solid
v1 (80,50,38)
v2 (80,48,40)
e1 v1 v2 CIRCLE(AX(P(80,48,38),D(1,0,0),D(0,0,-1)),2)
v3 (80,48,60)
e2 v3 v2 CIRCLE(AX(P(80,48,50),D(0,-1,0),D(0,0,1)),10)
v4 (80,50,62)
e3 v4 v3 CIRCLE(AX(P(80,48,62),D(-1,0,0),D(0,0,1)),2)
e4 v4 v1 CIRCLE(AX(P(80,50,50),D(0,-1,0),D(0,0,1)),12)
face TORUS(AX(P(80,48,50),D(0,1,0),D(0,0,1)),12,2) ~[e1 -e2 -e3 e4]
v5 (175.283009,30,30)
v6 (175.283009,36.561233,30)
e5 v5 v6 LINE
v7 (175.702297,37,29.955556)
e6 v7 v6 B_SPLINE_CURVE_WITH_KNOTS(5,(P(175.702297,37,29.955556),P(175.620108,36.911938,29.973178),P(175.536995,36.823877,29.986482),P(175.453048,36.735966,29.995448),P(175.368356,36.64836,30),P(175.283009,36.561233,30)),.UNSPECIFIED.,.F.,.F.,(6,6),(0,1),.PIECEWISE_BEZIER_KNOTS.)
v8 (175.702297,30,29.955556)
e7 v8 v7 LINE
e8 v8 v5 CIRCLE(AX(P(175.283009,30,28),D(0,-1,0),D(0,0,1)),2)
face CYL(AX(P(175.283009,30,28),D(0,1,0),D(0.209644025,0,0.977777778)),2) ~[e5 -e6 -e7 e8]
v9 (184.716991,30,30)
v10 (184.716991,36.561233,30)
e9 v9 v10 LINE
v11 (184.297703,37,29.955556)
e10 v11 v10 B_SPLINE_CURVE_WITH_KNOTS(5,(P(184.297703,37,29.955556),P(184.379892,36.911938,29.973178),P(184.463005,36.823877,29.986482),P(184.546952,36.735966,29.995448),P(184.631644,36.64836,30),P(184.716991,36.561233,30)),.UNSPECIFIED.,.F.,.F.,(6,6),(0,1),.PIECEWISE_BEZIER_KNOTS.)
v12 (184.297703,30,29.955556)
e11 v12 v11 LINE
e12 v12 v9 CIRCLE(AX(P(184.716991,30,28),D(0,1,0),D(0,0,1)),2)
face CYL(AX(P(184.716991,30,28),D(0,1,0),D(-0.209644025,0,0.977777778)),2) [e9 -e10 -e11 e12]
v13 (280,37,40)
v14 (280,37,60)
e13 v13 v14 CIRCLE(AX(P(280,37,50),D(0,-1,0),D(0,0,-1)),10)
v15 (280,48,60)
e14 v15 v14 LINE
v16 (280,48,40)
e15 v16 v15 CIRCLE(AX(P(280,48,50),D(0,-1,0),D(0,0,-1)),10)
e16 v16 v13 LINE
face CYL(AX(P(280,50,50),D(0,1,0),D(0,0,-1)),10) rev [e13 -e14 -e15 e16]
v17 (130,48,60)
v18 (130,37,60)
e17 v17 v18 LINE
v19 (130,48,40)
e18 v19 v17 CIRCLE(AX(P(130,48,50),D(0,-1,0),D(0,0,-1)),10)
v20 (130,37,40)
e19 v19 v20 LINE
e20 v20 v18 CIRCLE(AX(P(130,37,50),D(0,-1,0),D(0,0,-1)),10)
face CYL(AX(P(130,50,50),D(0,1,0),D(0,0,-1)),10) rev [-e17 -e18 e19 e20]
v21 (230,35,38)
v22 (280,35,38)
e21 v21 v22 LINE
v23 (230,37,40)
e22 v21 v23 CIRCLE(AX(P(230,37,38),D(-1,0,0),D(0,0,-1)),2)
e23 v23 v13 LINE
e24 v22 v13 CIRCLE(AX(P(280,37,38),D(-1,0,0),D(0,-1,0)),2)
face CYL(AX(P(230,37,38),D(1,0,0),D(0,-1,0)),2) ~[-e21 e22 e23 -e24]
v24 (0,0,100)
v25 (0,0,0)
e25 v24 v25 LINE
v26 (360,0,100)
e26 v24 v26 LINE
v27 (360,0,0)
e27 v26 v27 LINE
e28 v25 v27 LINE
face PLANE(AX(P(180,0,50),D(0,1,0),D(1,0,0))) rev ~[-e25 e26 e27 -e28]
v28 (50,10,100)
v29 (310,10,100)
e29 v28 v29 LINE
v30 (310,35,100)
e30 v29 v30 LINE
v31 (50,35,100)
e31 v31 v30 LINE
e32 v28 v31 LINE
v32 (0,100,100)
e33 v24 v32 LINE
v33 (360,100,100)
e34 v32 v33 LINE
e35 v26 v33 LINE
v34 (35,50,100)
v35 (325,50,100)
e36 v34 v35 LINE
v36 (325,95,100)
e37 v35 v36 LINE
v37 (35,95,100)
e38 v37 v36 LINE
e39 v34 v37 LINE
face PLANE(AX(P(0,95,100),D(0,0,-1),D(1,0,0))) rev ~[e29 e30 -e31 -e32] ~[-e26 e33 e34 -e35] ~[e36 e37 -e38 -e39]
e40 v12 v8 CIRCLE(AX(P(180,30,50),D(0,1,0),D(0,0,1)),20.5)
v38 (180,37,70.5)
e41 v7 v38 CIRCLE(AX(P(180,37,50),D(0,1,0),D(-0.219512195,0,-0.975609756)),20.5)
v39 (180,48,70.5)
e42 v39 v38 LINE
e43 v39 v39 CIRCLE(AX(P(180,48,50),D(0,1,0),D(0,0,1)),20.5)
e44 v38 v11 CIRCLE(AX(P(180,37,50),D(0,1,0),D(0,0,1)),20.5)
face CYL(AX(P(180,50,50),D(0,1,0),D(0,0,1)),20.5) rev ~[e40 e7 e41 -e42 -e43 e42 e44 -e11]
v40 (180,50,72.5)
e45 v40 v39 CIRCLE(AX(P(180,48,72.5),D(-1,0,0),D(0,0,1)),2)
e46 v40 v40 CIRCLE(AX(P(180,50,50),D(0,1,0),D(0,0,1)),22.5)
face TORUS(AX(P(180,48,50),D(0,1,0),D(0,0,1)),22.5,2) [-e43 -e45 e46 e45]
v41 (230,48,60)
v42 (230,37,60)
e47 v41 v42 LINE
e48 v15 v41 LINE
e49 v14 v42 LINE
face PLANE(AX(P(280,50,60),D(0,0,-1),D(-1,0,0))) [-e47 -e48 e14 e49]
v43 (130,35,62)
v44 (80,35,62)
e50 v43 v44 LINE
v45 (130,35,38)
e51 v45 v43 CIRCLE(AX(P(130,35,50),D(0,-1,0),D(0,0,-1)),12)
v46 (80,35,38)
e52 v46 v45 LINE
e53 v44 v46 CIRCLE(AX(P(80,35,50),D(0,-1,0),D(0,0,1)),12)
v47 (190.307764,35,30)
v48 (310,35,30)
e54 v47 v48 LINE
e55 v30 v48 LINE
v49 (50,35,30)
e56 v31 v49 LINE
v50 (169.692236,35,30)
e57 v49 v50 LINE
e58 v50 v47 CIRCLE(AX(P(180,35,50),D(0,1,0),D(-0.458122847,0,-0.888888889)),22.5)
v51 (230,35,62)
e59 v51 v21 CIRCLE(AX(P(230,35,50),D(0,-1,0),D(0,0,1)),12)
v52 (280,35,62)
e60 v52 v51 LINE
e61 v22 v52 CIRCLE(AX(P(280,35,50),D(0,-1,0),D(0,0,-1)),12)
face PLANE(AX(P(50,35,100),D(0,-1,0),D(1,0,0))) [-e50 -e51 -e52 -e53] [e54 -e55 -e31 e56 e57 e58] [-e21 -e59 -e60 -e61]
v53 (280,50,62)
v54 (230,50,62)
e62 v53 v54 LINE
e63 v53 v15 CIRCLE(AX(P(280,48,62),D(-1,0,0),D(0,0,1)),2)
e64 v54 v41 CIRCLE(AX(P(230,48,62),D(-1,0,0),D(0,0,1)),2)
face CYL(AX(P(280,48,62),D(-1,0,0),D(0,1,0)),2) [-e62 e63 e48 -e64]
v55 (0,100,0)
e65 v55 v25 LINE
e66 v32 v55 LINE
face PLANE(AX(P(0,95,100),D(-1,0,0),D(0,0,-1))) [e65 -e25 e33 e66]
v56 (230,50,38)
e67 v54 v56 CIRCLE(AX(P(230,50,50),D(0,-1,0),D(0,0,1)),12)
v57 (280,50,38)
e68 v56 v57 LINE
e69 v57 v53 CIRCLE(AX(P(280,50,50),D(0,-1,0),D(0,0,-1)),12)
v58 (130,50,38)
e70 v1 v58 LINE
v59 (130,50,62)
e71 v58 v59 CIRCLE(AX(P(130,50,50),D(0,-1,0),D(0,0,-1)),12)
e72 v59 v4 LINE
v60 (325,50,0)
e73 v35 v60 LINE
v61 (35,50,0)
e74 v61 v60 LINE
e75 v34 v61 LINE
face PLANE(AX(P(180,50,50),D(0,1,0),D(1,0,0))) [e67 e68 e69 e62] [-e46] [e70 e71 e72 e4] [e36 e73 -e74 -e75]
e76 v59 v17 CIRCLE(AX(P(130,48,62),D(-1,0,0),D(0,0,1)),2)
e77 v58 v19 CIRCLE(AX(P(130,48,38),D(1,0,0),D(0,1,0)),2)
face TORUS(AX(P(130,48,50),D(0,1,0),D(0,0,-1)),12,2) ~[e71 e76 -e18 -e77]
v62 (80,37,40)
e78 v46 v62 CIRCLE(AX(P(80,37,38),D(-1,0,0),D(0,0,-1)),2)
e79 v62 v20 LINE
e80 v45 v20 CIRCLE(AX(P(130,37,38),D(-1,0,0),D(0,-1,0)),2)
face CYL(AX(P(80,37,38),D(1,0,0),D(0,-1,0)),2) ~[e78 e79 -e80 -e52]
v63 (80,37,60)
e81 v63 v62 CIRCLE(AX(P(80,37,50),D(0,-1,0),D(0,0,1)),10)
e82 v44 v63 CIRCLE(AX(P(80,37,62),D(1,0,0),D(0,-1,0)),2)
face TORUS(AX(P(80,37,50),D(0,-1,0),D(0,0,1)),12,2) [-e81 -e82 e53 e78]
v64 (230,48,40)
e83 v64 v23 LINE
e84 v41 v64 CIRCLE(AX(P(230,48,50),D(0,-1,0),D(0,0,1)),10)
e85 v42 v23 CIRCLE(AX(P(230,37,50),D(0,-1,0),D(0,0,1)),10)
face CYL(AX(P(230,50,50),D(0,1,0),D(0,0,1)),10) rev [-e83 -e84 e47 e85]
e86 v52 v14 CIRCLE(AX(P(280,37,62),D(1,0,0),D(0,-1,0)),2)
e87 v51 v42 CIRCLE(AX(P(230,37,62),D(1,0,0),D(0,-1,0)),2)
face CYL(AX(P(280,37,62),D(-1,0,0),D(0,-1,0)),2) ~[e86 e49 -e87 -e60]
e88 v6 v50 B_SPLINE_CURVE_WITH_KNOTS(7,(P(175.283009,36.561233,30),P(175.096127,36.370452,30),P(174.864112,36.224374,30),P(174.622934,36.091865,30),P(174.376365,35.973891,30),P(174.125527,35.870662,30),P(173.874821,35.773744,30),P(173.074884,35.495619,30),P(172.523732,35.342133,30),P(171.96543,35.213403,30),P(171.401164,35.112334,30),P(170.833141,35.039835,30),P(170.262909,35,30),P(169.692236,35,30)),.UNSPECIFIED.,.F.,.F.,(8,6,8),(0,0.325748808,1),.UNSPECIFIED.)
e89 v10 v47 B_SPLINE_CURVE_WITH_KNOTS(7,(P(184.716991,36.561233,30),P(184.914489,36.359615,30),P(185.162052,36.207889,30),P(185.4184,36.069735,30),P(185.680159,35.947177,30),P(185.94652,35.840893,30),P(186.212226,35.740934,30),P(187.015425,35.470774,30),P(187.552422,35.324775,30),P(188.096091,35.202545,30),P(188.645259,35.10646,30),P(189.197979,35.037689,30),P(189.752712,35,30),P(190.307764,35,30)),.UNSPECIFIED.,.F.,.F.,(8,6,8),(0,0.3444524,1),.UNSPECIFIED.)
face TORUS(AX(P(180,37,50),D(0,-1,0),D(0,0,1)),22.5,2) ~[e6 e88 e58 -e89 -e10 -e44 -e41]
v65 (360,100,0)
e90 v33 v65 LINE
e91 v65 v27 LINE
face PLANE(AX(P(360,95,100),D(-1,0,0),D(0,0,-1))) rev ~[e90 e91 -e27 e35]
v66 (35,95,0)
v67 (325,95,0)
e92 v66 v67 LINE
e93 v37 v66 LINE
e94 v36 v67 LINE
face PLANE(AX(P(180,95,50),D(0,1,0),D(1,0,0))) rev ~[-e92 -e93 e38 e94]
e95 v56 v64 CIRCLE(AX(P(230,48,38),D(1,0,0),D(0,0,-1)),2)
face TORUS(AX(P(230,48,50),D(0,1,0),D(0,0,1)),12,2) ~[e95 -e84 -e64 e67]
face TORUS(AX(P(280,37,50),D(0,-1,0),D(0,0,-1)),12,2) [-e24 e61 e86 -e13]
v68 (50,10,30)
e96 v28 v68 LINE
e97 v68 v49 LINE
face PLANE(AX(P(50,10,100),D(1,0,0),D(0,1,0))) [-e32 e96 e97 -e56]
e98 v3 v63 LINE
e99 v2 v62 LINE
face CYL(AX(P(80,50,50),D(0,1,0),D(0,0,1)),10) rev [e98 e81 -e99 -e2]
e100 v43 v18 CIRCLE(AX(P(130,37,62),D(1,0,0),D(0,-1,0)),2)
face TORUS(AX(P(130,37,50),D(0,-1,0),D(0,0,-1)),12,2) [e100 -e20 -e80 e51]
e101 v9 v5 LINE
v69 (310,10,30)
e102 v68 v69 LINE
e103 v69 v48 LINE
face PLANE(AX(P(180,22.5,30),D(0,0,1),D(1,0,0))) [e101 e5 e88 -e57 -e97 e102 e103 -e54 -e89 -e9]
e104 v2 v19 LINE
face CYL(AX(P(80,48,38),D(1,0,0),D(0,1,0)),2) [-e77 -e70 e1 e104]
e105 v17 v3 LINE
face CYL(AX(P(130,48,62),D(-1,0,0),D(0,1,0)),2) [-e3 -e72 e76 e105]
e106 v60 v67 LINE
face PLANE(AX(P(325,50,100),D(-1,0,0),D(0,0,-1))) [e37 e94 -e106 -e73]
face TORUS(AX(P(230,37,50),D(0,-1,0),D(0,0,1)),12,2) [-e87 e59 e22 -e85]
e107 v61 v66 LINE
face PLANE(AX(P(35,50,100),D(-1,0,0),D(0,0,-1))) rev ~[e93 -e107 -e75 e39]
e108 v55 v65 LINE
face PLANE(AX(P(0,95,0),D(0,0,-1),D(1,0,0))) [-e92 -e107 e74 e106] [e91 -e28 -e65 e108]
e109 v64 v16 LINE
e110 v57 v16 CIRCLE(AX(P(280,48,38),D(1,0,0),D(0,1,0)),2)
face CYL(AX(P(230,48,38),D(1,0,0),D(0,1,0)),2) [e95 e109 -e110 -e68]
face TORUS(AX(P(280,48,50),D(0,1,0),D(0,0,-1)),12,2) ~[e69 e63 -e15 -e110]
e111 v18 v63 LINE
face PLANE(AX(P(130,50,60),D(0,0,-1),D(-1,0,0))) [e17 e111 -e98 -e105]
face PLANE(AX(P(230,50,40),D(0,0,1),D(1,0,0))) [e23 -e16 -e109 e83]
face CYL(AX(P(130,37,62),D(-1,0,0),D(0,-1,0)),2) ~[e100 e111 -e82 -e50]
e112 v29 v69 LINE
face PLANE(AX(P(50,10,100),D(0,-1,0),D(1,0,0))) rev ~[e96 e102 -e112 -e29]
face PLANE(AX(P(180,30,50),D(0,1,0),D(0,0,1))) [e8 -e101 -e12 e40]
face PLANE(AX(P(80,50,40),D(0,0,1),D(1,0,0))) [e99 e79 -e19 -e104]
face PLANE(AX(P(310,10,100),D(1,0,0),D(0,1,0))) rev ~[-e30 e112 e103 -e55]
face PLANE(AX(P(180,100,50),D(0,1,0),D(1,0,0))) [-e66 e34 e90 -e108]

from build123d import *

# Parameters (mm, degrees)
SKETCH_1_W          = 360
SKETCH_1_H          = 100
EXTRUDE_1_DEPTH     = 50
CUT_EXTRUDE_1_DEPTH = 40
SKETCH_3_W          = 260
SKETCH_3_H          = 25
CUT_EXTRUDE_2_DEPTH = 70
SKETCH_4_R          = 20.5
CUT_EXTRUDE_3_DEPTH = 20
FILLET_4_R          = 2
SKETCH_6_W          = 35
SKETCH_6_H          = 100
EXTRUDE_2_DEPTH     = 45
SKETCH_7_W          = 360
SKETCH_7_H          = 100
EXTRUDE_3_DEPTH     = 5


with BuildPart() as part:
    # 草图1 → 凸台-拉伸1 (new body)
    with BuildSketch(Plane(origin=(0, 0, 0), x_dir=(1, 0, 0), z_dir=(0, 1, 0))):
        with Locations((180, -50)):
            Rectangle(SKETCH_1_W, SKETCH_1_H)
    extrude(amount=EXTRUDE_1_DEPTH)

    # 草图2 → 切除-拉伸1 (cut)
    with BuildSketch(Plane(origin=(0, 50, 0), x_dir=(1, 0, 0), z_dir=(0, 1, 0))):
        with BuildLine():
            Line((80, -40), (130, -40))
            ThreePointArc((130, -40), (140, -50), (130, -60))
            Line((130, -60), (80, -60))
            ThreePointArc((80, -60), (70, -50), (80, -40))
        make_face()
        with BuildLine():
            Line((230, -40), (280, -40))
            ThreePointArc((280, -40), (290, -50), (280, -60))
            Line((280, -60), (230, -60))
            ThreePointArc((230, -60), (220, -50), (230, -40))
        make_face()
    extrude(amount=-CUT_EXTRUDE_1_DEPTH, mode=Mode.SUBTRACT)

    # 草图3 → 切除-拉伸2 (cut)
    with BuildSketch(Plane.XY.offset(100)):
        with Locations((180, 22.5)):
            Rectangle(SKETCH_3_W, SKETCH_3_H)
    extrude(amount=-CUT_EXTRUDE_2_DEPTH, mode=Mode.SUBTRACT)

    # 草图4 → 切除-拉伸3 (cut)
    with BuildSketch(Plane(origin=(0, 50, 0), x_dir=(1, 0, 0), z_dir=(0, 1, 0))):
        with Locations(Location((180, -50, 0), (0, 0, 270))):
            Circle(SKETCH_4_R)
    extrude(amount=-CUT_EXTRUDE_3_DEPTH, mode=Mode.SUBTRACT)

    # 圆角4
    fillet_4_edges = [part.edges().sort_by_distance(p)[0] for p in [
        (70, 50, 50),
        (105, 50, 60),
        (140, 50, 50),
        (105, 50, 40),
        (220, 50, 50),
        (255, 50, 60),
        (290, 50, 50),
        (255, 50, 40),
        (105, 35, 60),
        (70, 35, 50),
        (105, 35, 40),
        (140, 35, 50),
        (255, 35, 60),
        (220, 35, 50),
        (255, 35, 40),
        (290, 35, 50),
        (184.5, 32.5, 30),
        (175.5, 32.5, 30),
        (159.625383439, 35, 52.263846285),
        (180, 50, 29.5),
    ]]
    fillet(fillet_4_edges, radius=FILLET_4_R)

    # 草图6 → 凸台-拉伸2 (add)
    with BuildSketch(Plane(origin=(0, 50, 0), x_dir=(1, 0, 0), z_dir=(0, 1, 0))):
        with Locations((342.5, -50)):
            Rectangle(SKETCH_6_W, SKETCH_6_H)
        with Locations((17.5, -50)):
            Rectangle(SKETCH_6_W, SKETCH_6_H)
    extrude(amount=EXTRUDE_2_DEPTH)

    # 草图7 → 凸台-拉伸3 (add)
    with BuildSketch(Plane(origin=(0, 95, 0), x_dir=(1, 0, 0), z_dir=(0, 1, 0))):
        with Locations((180, -50)):
            Rectangle(SKETCH_7_W, SKETCH_7_H)
    extrude(amount=EXTRUDE_3_DEPTH)


solid = part.part
